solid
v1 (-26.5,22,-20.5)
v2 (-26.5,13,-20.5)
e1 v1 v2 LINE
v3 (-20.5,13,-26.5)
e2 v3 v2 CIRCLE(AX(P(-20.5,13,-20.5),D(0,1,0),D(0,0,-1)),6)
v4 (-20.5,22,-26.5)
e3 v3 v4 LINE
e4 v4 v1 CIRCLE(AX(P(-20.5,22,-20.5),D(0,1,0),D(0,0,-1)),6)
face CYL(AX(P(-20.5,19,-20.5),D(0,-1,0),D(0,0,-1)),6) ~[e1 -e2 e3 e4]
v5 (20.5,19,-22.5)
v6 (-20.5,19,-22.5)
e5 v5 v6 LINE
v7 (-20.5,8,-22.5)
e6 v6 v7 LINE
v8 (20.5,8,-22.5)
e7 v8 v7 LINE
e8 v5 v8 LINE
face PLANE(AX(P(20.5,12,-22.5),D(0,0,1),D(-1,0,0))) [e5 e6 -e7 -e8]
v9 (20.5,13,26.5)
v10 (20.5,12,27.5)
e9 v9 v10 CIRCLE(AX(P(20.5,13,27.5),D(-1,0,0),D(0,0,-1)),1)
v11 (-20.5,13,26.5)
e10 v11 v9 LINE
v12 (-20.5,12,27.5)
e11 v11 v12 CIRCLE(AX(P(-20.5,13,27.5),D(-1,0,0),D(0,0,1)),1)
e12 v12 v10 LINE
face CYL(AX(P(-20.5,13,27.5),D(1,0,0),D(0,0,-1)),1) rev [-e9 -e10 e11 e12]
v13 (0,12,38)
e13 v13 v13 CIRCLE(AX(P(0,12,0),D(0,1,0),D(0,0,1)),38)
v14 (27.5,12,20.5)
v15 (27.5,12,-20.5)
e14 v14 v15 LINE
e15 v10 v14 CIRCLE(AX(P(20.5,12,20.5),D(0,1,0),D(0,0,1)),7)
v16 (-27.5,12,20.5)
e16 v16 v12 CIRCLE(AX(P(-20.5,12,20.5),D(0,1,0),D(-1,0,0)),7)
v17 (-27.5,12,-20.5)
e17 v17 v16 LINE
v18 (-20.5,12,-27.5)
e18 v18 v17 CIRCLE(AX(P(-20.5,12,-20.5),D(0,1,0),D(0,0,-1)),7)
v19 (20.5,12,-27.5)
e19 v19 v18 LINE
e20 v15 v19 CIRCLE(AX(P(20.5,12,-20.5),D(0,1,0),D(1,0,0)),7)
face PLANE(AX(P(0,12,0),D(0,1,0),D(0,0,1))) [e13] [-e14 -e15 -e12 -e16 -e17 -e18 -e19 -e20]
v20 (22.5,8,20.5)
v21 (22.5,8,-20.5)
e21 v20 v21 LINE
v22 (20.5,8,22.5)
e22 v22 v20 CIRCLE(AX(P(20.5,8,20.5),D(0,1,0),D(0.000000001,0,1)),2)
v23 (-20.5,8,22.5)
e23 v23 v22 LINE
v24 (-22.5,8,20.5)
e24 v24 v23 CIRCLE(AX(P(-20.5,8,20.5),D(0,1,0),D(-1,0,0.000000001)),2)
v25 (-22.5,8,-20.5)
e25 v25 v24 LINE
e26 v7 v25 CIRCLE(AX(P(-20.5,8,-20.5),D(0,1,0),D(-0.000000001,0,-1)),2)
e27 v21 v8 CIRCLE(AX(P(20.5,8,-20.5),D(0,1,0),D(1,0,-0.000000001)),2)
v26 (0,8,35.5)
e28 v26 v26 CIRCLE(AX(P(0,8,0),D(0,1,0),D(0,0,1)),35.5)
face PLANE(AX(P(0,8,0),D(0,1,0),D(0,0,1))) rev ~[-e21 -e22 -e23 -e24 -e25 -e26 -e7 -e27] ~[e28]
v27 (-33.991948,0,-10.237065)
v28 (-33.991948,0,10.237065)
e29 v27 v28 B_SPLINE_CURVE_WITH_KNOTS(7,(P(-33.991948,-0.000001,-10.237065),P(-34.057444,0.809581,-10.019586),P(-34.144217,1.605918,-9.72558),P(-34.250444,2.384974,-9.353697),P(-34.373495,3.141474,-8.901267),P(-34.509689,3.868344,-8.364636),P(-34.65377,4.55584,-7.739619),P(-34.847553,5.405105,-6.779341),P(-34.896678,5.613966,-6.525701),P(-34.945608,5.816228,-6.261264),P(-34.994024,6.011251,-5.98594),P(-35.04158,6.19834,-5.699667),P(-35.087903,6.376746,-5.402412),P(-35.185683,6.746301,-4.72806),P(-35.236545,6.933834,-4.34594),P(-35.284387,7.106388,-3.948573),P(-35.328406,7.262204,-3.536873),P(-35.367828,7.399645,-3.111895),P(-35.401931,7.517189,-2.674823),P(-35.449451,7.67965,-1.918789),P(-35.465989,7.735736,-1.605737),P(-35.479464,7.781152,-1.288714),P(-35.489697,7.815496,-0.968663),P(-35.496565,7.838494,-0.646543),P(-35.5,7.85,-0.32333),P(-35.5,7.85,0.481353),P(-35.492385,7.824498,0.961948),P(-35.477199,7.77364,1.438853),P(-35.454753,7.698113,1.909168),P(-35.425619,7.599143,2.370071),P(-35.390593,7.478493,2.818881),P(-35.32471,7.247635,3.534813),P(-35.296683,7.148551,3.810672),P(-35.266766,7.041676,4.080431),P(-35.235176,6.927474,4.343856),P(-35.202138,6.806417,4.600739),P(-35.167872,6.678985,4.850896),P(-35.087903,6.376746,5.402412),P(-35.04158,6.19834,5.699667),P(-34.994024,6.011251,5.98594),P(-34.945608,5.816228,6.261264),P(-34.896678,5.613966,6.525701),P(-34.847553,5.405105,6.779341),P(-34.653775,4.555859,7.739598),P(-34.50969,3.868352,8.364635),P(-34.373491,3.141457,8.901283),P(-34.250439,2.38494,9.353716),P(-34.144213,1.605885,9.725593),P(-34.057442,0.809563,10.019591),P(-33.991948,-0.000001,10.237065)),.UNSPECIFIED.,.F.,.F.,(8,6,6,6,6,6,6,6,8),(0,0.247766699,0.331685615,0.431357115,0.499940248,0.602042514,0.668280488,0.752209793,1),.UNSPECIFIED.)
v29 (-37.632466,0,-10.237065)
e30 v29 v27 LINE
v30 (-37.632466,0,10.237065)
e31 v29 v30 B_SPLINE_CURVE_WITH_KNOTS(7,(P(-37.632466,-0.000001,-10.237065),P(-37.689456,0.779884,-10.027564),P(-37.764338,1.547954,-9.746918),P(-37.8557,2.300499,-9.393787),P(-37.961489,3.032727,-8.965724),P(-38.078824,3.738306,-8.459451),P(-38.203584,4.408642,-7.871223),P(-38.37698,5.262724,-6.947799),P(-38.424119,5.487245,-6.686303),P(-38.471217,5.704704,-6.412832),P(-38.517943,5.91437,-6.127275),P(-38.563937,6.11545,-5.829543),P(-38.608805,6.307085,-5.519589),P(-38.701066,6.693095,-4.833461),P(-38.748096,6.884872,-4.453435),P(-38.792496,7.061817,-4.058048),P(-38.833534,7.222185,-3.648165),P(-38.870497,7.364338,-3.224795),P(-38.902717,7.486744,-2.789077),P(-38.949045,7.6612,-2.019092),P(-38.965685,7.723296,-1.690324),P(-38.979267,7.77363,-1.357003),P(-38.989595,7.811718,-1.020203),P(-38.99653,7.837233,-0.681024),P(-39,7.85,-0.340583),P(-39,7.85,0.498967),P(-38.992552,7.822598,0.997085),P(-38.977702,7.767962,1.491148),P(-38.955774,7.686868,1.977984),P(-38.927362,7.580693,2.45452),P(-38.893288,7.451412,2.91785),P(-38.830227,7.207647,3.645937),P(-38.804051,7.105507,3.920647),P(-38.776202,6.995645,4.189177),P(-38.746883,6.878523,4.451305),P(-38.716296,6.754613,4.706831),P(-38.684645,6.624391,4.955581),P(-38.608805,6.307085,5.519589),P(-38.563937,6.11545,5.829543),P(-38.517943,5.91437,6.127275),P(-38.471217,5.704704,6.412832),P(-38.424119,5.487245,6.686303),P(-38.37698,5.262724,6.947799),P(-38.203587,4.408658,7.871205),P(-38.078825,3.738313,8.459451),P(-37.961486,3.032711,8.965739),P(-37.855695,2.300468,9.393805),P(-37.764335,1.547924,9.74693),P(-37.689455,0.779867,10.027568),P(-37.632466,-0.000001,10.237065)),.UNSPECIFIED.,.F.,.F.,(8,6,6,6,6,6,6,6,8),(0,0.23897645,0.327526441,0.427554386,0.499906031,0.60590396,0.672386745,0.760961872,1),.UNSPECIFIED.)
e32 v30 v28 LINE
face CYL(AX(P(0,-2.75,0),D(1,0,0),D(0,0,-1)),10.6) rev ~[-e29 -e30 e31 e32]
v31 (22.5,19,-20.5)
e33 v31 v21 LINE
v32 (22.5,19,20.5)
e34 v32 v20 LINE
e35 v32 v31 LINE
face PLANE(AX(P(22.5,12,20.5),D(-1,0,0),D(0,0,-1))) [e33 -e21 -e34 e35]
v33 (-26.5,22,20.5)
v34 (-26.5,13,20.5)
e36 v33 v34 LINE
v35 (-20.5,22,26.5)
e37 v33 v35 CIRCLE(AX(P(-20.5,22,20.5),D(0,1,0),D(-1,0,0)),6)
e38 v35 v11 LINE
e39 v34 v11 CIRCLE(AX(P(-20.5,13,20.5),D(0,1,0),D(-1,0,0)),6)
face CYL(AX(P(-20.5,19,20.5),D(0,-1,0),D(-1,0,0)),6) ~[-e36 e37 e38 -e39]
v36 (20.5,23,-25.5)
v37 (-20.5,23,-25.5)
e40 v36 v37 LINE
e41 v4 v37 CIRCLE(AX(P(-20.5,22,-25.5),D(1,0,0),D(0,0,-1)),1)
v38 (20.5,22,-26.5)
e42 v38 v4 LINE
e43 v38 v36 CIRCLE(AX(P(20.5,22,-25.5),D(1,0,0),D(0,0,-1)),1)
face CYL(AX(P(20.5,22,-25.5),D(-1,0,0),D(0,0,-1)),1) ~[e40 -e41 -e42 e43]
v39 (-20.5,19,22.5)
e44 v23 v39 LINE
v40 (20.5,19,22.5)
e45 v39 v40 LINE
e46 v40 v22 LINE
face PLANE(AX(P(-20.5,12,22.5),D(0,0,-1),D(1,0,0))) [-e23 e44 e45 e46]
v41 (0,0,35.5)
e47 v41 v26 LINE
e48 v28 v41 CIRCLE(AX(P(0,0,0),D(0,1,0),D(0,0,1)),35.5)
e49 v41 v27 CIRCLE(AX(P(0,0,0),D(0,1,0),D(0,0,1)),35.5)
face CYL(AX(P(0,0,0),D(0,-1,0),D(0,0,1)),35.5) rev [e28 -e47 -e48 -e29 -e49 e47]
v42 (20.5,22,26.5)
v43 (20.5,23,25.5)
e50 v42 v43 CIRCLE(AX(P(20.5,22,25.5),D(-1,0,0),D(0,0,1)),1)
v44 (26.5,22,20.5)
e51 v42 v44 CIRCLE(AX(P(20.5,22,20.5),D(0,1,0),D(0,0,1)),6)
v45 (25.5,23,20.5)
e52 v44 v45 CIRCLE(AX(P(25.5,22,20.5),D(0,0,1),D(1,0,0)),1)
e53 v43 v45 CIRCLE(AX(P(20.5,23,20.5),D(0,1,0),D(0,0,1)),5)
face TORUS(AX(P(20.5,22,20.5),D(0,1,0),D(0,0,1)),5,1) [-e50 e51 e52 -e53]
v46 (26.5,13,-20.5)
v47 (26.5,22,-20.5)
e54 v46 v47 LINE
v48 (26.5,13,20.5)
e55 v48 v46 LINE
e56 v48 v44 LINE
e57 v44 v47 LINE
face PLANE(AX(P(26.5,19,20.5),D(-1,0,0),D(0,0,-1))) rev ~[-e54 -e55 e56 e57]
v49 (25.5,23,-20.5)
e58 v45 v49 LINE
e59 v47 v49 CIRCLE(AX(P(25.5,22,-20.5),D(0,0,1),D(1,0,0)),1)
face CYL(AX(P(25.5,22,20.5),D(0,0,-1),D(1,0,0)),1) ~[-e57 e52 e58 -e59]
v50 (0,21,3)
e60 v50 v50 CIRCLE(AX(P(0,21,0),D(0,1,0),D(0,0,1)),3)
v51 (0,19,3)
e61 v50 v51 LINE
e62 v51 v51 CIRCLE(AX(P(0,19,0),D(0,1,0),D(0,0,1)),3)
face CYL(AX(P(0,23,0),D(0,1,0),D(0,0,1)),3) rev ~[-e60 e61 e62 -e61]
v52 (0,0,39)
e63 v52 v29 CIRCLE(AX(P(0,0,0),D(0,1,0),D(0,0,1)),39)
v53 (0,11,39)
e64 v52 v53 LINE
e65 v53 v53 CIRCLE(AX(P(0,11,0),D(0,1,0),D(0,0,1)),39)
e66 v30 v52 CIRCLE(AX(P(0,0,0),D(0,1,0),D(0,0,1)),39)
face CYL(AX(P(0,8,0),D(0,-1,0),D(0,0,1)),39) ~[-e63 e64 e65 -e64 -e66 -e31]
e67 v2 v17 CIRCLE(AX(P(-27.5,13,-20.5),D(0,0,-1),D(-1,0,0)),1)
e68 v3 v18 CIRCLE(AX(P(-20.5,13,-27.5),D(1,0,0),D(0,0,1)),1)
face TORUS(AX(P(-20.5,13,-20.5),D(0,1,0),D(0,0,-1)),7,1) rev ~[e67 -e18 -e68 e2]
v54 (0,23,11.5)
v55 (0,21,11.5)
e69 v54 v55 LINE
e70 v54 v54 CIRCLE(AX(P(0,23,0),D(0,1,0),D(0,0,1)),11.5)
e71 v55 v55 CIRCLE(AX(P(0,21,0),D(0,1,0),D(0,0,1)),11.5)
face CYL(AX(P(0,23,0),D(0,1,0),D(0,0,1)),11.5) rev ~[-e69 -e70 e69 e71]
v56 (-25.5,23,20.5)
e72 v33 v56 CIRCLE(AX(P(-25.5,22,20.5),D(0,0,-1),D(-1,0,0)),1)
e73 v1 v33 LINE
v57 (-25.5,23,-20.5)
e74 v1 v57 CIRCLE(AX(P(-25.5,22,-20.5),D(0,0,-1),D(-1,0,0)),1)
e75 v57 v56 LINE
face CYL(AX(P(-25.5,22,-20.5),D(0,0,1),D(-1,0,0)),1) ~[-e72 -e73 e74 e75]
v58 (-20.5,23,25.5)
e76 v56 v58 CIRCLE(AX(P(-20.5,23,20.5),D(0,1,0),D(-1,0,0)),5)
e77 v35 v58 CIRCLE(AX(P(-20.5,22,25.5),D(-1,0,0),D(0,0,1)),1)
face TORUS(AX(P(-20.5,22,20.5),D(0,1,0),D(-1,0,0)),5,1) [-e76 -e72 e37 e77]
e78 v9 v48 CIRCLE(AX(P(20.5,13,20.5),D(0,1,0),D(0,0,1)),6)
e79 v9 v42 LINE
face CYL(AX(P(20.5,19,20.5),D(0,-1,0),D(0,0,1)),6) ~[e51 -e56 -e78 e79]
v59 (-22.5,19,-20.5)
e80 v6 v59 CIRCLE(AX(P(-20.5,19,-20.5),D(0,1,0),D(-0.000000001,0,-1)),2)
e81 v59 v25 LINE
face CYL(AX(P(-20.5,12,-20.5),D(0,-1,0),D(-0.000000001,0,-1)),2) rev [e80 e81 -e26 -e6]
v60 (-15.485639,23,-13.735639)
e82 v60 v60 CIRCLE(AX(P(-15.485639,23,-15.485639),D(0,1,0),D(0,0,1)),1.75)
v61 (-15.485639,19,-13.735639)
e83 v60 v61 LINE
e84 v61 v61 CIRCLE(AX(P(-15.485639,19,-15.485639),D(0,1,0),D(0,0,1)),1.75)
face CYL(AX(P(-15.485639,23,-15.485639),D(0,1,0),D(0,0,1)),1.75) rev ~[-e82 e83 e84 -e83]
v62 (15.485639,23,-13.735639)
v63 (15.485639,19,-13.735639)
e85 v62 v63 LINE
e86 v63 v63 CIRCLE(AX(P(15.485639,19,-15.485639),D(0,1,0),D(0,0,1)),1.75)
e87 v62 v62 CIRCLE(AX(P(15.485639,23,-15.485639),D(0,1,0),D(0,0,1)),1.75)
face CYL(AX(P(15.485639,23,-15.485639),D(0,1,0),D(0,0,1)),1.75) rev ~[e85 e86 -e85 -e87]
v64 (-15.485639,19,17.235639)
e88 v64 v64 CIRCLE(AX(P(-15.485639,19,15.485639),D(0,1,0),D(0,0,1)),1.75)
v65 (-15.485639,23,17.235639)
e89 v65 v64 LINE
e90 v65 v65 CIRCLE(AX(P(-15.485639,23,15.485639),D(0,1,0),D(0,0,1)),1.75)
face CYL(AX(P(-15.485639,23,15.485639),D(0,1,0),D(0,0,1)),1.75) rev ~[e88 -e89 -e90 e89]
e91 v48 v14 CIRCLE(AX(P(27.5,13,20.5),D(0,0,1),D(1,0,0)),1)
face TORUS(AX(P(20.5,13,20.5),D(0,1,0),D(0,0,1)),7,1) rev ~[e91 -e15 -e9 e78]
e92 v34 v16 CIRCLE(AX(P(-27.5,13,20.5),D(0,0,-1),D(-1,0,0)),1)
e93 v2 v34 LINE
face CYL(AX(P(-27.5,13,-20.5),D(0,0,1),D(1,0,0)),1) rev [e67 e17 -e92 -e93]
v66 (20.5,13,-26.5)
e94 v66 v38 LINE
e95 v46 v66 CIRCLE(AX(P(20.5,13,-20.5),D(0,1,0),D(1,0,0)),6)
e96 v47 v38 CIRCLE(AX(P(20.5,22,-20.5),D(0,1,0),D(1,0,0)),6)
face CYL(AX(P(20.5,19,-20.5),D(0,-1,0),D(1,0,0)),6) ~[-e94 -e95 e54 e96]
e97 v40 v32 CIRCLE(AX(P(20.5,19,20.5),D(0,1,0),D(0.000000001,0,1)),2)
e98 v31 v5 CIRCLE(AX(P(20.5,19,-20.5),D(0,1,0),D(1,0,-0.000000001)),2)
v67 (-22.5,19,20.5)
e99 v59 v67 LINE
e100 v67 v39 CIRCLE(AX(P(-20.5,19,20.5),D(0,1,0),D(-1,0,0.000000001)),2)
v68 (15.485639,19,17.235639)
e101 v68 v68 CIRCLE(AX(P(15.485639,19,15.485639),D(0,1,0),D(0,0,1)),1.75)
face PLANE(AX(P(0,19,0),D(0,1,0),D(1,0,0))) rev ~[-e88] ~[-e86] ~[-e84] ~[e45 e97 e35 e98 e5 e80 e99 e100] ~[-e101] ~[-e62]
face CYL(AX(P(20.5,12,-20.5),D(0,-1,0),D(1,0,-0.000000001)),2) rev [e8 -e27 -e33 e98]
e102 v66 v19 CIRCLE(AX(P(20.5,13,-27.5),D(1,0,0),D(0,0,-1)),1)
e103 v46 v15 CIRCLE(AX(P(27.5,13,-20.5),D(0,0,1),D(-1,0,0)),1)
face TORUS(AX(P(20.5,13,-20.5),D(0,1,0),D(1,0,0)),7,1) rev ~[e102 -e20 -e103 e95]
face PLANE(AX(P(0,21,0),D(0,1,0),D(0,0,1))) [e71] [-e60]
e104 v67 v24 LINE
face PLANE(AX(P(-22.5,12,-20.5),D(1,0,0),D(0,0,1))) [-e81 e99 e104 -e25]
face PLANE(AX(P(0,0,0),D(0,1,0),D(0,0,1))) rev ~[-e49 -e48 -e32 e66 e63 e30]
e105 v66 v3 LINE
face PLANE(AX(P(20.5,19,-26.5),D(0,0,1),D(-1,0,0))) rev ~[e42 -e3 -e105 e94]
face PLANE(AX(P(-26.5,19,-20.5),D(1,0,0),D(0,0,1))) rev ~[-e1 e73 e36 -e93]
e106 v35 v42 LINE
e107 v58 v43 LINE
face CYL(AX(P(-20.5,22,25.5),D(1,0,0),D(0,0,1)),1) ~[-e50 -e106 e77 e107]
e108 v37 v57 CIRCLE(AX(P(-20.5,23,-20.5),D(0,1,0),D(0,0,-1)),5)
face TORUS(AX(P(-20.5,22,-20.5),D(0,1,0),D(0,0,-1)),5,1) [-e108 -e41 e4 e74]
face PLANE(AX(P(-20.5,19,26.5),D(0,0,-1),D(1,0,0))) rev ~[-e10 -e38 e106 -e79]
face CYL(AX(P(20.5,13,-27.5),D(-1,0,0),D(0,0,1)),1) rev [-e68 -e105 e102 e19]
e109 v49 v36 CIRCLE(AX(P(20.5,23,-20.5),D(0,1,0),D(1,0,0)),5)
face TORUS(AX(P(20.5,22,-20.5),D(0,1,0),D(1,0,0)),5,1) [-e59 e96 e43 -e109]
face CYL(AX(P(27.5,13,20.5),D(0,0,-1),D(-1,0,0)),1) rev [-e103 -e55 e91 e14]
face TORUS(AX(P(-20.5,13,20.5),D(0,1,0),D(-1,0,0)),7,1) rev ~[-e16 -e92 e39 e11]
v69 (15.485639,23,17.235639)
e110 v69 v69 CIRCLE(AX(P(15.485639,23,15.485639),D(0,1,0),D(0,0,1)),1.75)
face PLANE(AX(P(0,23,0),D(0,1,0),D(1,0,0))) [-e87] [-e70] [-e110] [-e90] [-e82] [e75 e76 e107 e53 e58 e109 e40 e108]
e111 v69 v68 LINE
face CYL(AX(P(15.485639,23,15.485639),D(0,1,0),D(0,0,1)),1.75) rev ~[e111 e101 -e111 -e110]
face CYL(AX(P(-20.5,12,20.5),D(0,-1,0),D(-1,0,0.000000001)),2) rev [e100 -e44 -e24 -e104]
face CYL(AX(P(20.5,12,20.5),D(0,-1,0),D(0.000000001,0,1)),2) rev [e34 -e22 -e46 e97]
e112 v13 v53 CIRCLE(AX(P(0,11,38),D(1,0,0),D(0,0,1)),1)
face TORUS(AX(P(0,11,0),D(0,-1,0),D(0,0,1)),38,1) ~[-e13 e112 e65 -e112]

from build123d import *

# Parameters (mm, degrees)
SKETCH1_R           = 39
SKETCH1_R_2         = 35.5
BOSS_EXTRUDE1_DEPTH = 8
SKETCH2_R           = 39
BOSS_EXTRUDE2_DEPTH = 4
BOSS_EXTRUDE3_DEPTH = 7
BOSS_EXTRUDE4_DEPTH = 4
SKETCH5_R           = 11.5
CUT_EXTRUDE1_DEPTH  = 2
SKETCH6_R           = 1.75
SKETCH6_R_2         = 3
CUT_EXTRUDE2_DEPTH  = 60.757844673
FILLET1_R           = 1
FILLET2_R           = 1
SKETCH7_R           = 10.6
CUT_EXTRUDE3_DEPTH  = 50


with BuildPart() as part:
    # Sketch1 → Boss-Extrude1 (new body)
    with BuildSketch(Plane(origin=(0, 0, 0), x_dir=(1, 0, 0), z_dir=(0, 1, 0))):
        with Locations(Location((0, 0, 0), (0, 0, 270))):
            Circle(SKETCH1_R)
        with Locations(Location((0, 0, 0), (0, 0, 270))):
            Circle(SKETCH1_R_2, mode=Mode.SUBTRACT)
    extrude(amount=BOSS_EXTRUDE1_DEPTH)

    # Sketch2 → Boss-Extrude2 (add)
    with BuildSketch(Plane(origin=(0, 8, 0), x_dir=(1, 0, 0), z_dir=(0, 1, 0))):
        with Locations(Location((0, 0, 0), (0, 0, 270))):
            Circle(SKETCH2_R)
        with BuildLine():
            Line((-20.5, -22.5), (20.5, -22.5))
            ThreePointArc((20.5, -22.5), (21.914213562, -21.914213562), (22.5, -20.5))
            Line((22.5, -20.5), (22.5, 20.5))
            ThreePointArc((22.5, 20.5), (21.914213562, 21.914213562), (20.5, 22.5))
            Line((20.5, 22.5), (-20.5, 22.5))
            ThreePointArc((-20.5, 22.5), (-21.914213562, 21.914213562), (-22.5, 20.5))
            Line((-22.5, 20.5), (-22.5, -20.5))
            ThreePointArc((-22.5, -20.5), (-21.914213562, -21.914213562), (-20.5, -22.5))
        make_face(mode=Mode.SUBTRACT)
    extrude(amount=BOSS_EXTRUDE2_DEPTH)

    # Sketch3 → Boss-Extrude3 (add)
    with BuildSketch(Plane(origin=(0, 12, 0), x_dir=(1, 0, 0), z_dir=(0, 1, 0))):
        with BuildLine():
            Line((-20.5, -26.5), (20.5, -26.5))
            ThreePointArc((20.5, -26.5), (24.742640687, -24.742640687), (26.5, -20.5))
            Line((26.5, -20.5), (26.5, 20.5))
            ThreePointArc((26.5, 20.5), (24.742640687, 24.742640687), (20.5, 26.5))
            Line((20.5, 26.5), (-20.5, 26.5))
            ThreePointArc((-20.5, 26.5), (-24.742640687, 24.742640687), (-26.5, 20.5))
            Line((-26.5, 20.5), (-26.5, -20.5))
            ThreePointArc((-26.5, -20.5), (-24.742640687, -24.742640687), (-20.5, -26.5))
        make_face()
        with BuildLine():
            Line((-20.5, -22.5), (20.5, -22.5))
            ThreePointArc((20.5, -22.5), (21.914213562, -21.914213562), (22.5, -20.5))
            Line((22.5, -20.5), (22.5, 20.5))
            ThreePointArc((22.5, 20.5), (21.914213562, 21.914213562), (20.5, 22.5))
            Line((20.5, 22.5), (-20.5, 22.5))
            ThreePointArc((-20.5, 22.5), (-21.914213562, 21.914213562), (-22.5, 20.5))
            Line((-22.5, 20.5), (-22.5, -20.5))
            ThreePointArc((-22.5, -20.5), (-21.914213562, -21.914213562), (-20.5, -22.5))
        make_face(mode=Mode.SUBTRACT)
    extrude(amount=BOSS_EXTRUDE3_DEPTH)

    # Sketch4 → Boss-Extrude4 (add)
    with BuildSketch(Plane(origin=(0, 19, 0), x_dir=(1, 0, 0), z_dir=(0, 1, 0))):
        with BuildLine():
            Line((-20.5, -26.5), (20.5, -26.5))
            ThreePointArc((20.5, -26.5), (24.742640687, -24.742640687), (26.5, -20.5))
            Line((26.5, -20.5), (26.5, 20.5))
            ThreePointArc((26.5, 20.5), (24.742640687, 24.742640687), (20.5, 26.5))
            Line((20.5, 26.5), (-20.5, 26.5))
            ThreePointArc((-20.5, 26.5), (-24.742640687, 24.742640687), (-26.5, 20.5))
            Line((-26.5, 20.5), (-26.5, -20.5))
            ThreePointArc((-26.5, -20.5), (-24.742640687, -24.742640687), (-20.5, -26.5))
        make_face()
    extrude(amount=BOSS_EXTRUDE4_DEPTH)

    # Sketch5 → Cut-Extrude1 (cut)
    with BuildSketch(Plane(origin=(0, 23, 0), x_dir=(1, 0, 0), z_dir=(0, 1, 0))):
        with Locations(Location((0, 0, 0), (0, 0, 270))):
            Circle(SKETCH5_R)
    extrude(amount=-CUT_EXTRUDE1_DEPTH, mode=Mode.SUBTRACT)

    # Sketch6 → Cut-Extrude2 (cut, through all)
    with BuildSketch(Plane(origin=(0, 23, 0), x_dir=(1, 0, 0), z_dir=(0, 1, 0))):
        with Locations(Location((-15.485638508, 15.485638508, 0), (0, 0, 270))):
            Circle(SKETCH6_R)
        with Locations(Location((15.485638508, 15.485638508, 0), (0, 0, 270))):
            Circle(SKETCH6_R)
        with Locations(Location((15.485638508, -15.485638508, 0), (0, 0, 270))):
            Circle(SKETCH6_R)
        with Locations(Location((-15.485638508, -15.485638508, 0), (0, 0, 270))):
            Circle(SKETCH6_R)
        with Locations(Location((0, 0, 0), (0, 0, 270))):
            Circle(SKETCH6_R_2)
    extrude(amount=-CUT_EXTRUDE2_DEPTH, mode=Mode.SUBTRACT)

    # Fillet1
    fillet1_edges = [part.edges().sort_by_distance(p)[0] for p in [
        (-24.742640687, 12, 24.742640687),
        (0, 12, 26.5),
        (24.742640687, 12, 24.742640687),
        (26.5, 12, 0),
        (24.742640687, 12, -24.742640687),
        (0, 12, -26.5),
        (-24.742640687, 12, -24.742640687),
        (-26.5, 12, 0),
        (0, 12, -39),
    ]]
    fillet(fillet1_edges, radius=FILLET1_R)

    # Fillet2
    fillet2_edges = [part.edges().sort_by_distance(p)[0] for p in [
        (-24.742640687, 23, 24.742640687),
        (0, 23, 26.5),
        (24.742640687, 23, 24.742640687),
        (26.5, 23, 0),
        (24.742640687, 23, -24.742640687),
        (0, 23, -26.5),
        (-24.742640687, 23, -24.742640687),
        (-26.5, 23, 0),
    ]]
    fillet(fillet2_edges, radius=FILLET2_R)

    # Sketch7 → Cut-Extrude3 (cut)
    with BuildSketch(Plane(origin=(0, 0, 0), x_dir=(0, 0, -1), z_dir=(1, 0, 0))):
        with Locations((0, -2.75)):
            Circle(SKETCH7_R)
    extrude(amount=-CUT_EXTRUDE3_DEPTH, mode=Mode.SUBTRACT)


solid = part.part
